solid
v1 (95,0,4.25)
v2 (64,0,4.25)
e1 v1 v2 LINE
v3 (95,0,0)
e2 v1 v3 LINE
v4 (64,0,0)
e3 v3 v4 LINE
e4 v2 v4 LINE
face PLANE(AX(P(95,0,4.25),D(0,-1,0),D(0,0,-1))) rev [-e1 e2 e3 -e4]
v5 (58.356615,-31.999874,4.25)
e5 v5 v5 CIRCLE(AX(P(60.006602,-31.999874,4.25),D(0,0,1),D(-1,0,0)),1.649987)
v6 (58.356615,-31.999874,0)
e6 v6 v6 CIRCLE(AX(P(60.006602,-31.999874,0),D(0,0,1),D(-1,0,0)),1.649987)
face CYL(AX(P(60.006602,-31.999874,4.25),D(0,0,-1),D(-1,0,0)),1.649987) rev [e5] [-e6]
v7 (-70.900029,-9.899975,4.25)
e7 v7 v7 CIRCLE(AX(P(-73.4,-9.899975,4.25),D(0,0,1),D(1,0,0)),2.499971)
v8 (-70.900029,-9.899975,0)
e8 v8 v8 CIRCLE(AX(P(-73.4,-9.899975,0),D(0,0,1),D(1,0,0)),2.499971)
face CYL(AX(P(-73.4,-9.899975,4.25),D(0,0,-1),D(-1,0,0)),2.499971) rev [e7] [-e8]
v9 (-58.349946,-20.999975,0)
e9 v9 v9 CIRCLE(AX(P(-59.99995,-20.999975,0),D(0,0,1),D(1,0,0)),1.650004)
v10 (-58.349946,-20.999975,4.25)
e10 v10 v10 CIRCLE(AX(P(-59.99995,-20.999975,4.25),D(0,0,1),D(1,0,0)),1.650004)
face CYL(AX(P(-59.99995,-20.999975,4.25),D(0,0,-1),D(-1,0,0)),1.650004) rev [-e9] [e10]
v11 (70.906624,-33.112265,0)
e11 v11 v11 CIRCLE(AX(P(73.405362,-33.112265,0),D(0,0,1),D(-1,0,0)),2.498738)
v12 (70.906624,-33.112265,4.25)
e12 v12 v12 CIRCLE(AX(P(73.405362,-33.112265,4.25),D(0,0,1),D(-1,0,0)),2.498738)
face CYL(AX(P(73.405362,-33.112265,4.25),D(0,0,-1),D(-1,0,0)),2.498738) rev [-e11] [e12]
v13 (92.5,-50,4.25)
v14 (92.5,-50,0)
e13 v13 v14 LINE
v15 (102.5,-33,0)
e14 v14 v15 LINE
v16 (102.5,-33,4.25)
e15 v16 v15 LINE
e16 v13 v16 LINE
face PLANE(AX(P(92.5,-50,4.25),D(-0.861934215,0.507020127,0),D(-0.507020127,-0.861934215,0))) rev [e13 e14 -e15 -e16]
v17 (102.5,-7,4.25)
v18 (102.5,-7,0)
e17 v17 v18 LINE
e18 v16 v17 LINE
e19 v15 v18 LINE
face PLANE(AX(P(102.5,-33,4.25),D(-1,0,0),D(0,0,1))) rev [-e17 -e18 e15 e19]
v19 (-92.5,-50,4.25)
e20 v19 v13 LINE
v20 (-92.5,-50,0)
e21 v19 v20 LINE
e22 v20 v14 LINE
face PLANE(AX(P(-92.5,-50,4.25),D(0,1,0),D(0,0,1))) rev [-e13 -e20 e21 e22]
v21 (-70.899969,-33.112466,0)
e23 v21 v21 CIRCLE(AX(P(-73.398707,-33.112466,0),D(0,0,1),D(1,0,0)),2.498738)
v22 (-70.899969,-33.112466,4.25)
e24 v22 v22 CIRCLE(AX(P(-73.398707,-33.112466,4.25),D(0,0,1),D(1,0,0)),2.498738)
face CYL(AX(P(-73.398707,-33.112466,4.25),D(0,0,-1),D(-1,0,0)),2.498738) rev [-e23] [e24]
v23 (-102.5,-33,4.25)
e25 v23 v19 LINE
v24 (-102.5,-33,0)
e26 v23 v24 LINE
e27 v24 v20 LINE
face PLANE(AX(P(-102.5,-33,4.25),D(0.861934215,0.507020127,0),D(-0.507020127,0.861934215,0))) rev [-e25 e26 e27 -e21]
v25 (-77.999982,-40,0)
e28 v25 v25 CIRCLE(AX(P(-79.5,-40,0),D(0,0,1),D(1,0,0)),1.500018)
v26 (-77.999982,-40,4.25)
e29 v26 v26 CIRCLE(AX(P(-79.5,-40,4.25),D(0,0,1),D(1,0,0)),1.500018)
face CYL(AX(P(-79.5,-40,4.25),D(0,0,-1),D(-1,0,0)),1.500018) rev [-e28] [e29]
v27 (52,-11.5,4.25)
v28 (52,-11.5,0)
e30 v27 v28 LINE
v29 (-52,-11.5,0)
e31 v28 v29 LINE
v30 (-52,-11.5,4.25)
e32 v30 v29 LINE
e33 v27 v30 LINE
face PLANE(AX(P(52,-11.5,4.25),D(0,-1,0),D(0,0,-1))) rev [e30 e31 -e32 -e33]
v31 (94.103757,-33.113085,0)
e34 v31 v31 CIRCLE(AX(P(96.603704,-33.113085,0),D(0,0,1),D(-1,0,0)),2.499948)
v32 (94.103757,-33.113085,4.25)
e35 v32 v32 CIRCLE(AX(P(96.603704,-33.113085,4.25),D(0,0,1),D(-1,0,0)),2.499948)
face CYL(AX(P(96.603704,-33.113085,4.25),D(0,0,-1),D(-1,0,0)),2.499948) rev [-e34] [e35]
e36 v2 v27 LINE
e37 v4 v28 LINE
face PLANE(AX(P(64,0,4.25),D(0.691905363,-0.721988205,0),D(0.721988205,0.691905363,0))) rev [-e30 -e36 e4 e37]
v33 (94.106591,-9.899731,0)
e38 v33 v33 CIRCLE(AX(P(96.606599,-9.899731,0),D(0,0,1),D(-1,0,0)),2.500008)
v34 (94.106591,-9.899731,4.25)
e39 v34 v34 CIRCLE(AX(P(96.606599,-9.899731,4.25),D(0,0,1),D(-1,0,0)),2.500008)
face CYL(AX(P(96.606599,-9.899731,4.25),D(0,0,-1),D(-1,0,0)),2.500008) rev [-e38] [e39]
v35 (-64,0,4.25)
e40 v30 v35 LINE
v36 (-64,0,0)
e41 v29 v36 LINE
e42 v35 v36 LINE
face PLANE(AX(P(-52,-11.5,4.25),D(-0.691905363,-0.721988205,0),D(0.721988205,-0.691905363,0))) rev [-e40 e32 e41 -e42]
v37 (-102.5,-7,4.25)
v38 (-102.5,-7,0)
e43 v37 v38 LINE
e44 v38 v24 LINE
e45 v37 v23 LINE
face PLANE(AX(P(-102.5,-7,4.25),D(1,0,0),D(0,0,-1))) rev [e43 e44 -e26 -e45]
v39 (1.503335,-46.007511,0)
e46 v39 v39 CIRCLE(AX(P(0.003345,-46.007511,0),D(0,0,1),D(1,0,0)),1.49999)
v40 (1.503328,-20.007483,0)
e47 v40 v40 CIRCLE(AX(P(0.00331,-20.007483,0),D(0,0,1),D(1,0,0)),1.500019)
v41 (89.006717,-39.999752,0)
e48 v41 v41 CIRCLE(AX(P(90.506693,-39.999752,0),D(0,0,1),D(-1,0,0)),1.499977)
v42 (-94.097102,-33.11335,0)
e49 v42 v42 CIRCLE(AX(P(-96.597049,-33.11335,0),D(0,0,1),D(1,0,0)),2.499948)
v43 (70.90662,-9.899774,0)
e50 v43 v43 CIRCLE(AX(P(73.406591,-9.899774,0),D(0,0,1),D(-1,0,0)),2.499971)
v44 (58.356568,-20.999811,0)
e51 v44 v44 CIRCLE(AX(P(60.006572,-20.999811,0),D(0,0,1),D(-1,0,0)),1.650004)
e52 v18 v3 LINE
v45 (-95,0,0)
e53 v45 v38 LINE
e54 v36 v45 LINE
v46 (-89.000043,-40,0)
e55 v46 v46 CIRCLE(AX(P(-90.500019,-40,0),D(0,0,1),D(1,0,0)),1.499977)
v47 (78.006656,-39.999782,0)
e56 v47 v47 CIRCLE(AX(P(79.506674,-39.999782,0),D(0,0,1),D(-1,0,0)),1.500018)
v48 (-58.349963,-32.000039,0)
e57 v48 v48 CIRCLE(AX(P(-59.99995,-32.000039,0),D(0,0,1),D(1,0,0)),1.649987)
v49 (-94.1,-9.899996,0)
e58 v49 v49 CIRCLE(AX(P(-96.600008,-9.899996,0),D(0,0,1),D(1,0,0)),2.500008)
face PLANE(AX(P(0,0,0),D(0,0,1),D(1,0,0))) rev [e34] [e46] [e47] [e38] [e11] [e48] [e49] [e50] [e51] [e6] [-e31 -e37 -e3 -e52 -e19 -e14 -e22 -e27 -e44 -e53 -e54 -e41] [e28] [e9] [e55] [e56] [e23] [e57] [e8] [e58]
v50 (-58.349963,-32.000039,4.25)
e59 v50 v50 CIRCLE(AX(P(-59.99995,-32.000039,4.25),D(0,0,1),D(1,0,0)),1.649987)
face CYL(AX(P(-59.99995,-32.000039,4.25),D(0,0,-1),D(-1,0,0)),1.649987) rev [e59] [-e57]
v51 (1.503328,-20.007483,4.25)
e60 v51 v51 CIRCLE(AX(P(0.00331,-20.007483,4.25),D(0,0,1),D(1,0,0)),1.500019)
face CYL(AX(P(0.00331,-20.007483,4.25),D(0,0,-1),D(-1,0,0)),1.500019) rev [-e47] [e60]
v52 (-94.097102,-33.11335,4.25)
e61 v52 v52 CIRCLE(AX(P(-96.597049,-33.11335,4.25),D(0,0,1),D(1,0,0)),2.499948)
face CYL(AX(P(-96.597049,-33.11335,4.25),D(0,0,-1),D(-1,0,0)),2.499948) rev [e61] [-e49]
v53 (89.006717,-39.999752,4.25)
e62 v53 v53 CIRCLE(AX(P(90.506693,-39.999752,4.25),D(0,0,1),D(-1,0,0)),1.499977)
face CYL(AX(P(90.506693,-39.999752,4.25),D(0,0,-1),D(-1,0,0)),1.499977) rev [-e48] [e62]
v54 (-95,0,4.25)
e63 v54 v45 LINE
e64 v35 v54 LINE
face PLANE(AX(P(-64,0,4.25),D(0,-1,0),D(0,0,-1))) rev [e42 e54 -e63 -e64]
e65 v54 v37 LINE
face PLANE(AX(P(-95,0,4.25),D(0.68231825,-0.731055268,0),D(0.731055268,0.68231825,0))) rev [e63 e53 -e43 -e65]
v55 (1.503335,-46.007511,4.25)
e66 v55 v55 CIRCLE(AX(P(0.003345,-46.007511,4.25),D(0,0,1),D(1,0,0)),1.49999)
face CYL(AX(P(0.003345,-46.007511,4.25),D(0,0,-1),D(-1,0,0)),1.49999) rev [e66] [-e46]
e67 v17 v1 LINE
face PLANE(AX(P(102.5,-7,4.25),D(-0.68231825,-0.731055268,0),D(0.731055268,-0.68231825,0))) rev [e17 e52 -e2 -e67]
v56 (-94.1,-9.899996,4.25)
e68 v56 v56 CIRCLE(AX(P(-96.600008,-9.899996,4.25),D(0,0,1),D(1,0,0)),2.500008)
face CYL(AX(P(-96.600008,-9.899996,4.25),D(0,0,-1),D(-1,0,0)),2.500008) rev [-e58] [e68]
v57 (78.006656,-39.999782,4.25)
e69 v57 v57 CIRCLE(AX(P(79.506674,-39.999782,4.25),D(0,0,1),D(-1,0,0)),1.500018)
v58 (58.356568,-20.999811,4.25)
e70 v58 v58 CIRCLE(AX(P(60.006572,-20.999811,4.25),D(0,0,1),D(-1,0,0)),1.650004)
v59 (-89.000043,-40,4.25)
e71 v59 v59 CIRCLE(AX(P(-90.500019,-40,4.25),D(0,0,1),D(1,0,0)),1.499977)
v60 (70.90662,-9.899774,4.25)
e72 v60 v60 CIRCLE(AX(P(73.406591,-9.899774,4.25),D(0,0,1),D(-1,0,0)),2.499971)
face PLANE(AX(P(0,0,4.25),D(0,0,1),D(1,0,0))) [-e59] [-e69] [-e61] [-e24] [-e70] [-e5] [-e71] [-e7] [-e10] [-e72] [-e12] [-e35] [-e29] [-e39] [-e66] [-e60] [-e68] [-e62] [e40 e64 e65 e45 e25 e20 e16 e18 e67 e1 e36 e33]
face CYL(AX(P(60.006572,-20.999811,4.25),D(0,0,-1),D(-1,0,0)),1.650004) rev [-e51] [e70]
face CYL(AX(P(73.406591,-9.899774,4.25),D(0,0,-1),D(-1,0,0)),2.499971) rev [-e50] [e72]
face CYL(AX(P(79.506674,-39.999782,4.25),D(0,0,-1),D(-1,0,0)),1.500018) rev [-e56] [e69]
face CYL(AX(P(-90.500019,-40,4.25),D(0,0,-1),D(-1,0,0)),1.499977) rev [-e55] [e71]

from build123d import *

# Parameters (mm, degrees)
SKETCH1_R           = 2.500008074
SKETCH1_R_2         = 2.499971378
SKETCH1_R_3         = 1.650003804
SKETCH1_R_4         = 1.64998699
SKETCH1_R_5         = 2.498738291
SKETCH1_R_6         = 2.499947604
SKETCH1_R_7         = 1.499976694
SKETCH1_R_8         = 1.500017827
SKETCH1_R_9         = 1.50001874
SKETCH1_R_10        = 1.499989662
BOSS_EXTRUDE1_DEPTH = 4.25


with BuildPart() as part:
    # Sketch1 → Boss-Extrude1 (new body)
    with BuildSketch(Plane.XY):
        Polygon((102.5, -33), (102.5, -7), (95, 0), (64, 0), (52, -11.5), (-52, -11.5), (-64, 0), (-95, 0), (-102.5, -7), (-102.5, -33), (-92.5, -50), (92.5, -50), align=None)
        with Locations((-96.600008074, -9.899995929)):
            Circle(SKETCH1_R, mode=Mode.SUBTRACT)
        with Locations((-73.4, -9.899975)):
            Circle(SKETCH1_R_2, mode=Mode.SUBTRACT)
        with Locations((-59.99995, -20.999975175)):
            Circle(SKETCH1_R_3, mode=Mode.SUBTRACT)
        with Locations((-59.99995, -32.000038683)):
            Circle(SKETCH1_R_4, mode=Mode.SUBTRACT)
        with Locations((-73.398707193, -33.112466424)):
            Circle(SKETCH1_R_5, mode=Mode.SUBTRACT)
        with Locations((-96.597049433, -33.113350272)):
            Circle(SKETCH1_R_6, mode=Mode.SUBTRACT)
        with Locations((-90.500019389, -40)):
            Circle(SKETCH1_R_7, mode=Mode.SUBTRACT)
        with Locations((-79.5, -40)):
            Circle(SKETCH1_R_8, mode=Mode.SUBTRACT)
        with Locations((0.003309528, -20.00748325)):
            Circle(SKETCH1_R_9, mode=Mode.SUBTRACT)
        with Locations((0.003345163, -46.007511034)):
            Circle(SKETCH1_R_10, mode=Mode.SUBTRACT)
        with Locations(Location((96.606599424, -9.899731124, 0), (0, 0, 180))):
            Circle(SKETCH1_R, mode=Mode.SUBTRACT)
        with Locations(Location((96.603704415, -33.113085476, 0), (0, 0, 180))):
            Circle(SKETCH1_R_6, mode=Mode.SUBTRACT)
        with Locations(Location((90.506693248, -39.999751917, 0), (0, 0, 180))):
            Circle(SKETCH1_R_7, mode=Mode.SUBTRACT)
        with Locations(Location((73.40659135, -9.899773791, 0), (0, 0, 180))):
            Circle(SKETCH1_R_2, mode=Mode.SUBTRACT)
        with Locations(Location((79.506673859, -39.999782069, 0), (0, 0, 180))):
            Circle(SKETCH1_R_8, mode=Mode.SUBTRACT)
        with Locations(Location((73.405362172, -33.112265218, 0), (0, 0, 180))):
            Circle(SKETCH1_R_5, mode=Mode.SUBTRACT)
        with Locations(Location((60.006571777, -20.999810697, 0), (0, 0, 180))):
            Circle(SKETCH1_R_3, mode=Mode.SUBTRACT)
        with Locations(Location((60.00660193, -31.999874205, 0), (0, 0, 180))):
            Circle(SKETCH1_R_4, mode=Mode.SUBTRACT)
    extrude(amount=BOSS_EXTRUDE1_DEPTH)


solid = part.part
